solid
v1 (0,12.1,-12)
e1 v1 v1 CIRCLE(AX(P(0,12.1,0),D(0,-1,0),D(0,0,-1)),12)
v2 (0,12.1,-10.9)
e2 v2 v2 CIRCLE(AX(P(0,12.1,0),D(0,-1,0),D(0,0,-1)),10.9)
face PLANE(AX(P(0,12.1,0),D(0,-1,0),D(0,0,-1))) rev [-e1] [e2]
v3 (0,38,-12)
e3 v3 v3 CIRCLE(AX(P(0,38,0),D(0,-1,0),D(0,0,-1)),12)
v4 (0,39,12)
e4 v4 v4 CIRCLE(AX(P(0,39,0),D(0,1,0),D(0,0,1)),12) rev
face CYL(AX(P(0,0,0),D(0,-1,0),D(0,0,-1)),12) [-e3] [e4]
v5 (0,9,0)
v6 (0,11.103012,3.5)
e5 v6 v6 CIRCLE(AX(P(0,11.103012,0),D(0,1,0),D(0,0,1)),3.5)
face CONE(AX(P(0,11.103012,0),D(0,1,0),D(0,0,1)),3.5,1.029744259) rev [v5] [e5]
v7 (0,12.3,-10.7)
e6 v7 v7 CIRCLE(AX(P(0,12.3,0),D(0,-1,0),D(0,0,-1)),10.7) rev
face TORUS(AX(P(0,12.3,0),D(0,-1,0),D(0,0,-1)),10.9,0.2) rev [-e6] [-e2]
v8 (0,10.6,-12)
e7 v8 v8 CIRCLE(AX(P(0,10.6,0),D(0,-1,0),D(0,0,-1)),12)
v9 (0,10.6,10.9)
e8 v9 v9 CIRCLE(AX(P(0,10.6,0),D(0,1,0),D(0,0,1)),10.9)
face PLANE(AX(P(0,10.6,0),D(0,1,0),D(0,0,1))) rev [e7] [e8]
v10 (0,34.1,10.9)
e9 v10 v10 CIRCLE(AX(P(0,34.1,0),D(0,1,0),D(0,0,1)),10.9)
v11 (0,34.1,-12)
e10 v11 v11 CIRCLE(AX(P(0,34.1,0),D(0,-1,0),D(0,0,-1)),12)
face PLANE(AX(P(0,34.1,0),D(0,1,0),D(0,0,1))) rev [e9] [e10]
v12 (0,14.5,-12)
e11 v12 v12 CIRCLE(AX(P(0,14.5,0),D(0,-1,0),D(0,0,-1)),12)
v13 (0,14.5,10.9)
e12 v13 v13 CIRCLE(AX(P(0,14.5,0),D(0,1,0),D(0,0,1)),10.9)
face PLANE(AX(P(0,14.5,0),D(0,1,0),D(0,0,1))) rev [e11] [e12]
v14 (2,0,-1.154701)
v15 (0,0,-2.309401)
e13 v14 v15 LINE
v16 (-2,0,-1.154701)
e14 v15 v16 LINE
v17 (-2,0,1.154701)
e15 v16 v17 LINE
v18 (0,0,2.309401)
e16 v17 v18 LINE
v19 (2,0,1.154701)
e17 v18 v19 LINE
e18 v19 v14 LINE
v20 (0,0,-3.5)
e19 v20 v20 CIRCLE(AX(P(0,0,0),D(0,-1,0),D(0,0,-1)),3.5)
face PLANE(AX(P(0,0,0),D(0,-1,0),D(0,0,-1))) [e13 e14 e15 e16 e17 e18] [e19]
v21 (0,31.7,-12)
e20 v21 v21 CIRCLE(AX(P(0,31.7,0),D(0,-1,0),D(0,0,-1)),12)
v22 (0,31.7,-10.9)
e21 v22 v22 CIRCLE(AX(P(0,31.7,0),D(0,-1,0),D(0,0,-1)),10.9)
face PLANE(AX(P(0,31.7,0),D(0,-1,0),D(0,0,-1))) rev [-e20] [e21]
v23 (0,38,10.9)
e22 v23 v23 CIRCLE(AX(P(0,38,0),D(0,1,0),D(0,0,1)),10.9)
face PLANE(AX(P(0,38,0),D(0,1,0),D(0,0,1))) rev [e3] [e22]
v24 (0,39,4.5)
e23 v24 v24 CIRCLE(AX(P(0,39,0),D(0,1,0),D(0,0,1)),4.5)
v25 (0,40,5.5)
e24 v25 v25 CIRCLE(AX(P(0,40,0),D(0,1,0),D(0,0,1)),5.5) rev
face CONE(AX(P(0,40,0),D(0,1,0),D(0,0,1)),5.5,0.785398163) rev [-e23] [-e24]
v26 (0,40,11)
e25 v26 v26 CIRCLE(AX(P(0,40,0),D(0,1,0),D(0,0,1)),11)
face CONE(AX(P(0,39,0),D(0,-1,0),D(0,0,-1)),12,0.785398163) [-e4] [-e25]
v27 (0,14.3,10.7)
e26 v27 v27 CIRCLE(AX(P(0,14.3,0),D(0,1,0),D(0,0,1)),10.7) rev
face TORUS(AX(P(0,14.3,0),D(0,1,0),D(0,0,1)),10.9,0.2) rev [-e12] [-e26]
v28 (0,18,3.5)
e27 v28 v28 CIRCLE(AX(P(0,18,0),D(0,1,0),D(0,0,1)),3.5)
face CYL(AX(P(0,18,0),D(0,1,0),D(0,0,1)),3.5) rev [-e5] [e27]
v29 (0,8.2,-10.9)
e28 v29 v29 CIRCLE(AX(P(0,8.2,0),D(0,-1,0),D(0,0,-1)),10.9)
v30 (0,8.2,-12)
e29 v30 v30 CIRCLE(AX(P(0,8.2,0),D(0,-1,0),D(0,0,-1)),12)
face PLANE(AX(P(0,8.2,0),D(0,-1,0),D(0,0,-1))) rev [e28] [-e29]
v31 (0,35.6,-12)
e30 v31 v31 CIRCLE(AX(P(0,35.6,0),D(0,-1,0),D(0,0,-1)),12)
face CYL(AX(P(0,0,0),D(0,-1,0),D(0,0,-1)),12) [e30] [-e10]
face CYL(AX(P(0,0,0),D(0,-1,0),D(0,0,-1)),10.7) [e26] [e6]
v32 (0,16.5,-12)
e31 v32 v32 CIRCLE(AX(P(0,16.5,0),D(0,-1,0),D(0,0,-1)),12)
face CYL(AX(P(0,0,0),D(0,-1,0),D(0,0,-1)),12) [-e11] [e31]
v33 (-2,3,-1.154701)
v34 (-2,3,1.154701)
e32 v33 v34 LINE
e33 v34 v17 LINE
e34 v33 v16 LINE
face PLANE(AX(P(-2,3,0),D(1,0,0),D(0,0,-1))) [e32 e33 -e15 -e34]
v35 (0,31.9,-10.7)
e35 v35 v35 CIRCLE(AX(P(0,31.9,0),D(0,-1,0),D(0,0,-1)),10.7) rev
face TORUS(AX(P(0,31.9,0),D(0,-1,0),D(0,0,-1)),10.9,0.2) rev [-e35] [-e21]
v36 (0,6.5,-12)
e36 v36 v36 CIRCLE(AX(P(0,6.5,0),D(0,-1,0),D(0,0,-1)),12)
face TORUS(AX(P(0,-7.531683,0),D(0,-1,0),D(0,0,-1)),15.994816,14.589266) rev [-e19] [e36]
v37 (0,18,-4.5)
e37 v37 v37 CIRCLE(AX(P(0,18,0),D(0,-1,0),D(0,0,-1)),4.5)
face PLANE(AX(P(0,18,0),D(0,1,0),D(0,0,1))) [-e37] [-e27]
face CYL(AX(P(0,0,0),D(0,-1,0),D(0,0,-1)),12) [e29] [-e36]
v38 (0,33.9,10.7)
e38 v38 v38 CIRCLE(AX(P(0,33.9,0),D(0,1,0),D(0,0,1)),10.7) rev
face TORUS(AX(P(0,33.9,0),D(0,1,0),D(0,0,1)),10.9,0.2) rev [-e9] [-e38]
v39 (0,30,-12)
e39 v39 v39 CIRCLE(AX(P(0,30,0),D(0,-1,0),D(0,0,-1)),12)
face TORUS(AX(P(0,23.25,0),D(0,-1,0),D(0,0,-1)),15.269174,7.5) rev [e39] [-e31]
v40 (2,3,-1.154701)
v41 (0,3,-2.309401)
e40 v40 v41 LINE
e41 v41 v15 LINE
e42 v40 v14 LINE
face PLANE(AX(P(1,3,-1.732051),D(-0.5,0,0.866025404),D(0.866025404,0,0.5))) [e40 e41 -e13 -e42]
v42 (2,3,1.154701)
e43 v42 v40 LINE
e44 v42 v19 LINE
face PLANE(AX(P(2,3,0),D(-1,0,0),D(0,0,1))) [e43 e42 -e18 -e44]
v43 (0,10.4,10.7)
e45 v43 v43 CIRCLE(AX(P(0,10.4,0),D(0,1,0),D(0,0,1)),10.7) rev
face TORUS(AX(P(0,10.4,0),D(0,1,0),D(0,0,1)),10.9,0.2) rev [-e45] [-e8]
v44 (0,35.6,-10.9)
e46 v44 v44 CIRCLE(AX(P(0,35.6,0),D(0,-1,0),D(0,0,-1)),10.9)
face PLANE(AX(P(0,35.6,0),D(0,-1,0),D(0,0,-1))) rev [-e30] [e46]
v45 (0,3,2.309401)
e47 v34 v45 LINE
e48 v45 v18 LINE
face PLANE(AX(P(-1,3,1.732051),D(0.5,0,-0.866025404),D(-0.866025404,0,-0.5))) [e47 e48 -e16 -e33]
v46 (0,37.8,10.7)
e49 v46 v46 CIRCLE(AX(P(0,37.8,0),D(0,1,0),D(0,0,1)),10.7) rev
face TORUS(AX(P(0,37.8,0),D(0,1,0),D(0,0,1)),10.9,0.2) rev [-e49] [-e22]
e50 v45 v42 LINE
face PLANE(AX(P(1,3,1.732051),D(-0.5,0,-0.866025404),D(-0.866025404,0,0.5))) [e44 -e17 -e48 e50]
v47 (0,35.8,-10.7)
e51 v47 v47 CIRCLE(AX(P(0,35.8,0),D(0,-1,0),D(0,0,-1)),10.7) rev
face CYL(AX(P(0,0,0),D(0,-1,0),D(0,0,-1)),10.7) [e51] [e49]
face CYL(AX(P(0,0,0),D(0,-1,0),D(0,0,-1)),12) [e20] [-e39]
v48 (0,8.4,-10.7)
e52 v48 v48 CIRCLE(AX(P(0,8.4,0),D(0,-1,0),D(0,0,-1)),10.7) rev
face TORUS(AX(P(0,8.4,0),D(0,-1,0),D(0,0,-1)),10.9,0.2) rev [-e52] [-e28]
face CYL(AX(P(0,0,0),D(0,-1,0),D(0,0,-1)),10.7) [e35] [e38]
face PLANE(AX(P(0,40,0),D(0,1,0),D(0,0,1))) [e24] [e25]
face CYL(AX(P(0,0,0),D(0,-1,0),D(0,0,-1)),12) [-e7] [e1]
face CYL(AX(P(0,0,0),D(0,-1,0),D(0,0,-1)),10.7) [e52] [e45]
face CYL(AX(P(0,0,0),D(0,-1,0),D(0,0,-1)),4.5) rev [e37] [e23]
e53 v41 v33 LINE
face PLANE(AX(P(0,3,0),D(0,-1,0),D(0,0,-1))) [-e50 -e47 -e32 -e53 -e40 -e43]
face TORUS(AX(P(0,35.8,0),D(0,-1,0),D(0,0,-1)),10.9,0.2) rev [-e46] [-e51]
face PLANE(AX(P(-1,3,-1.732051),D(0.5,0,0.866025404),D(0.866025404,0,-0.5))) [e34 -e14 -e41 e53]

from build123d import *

# Parameters (mm, degrees)
SMUSSO1_SIZE                  = 1
FORO_FILETTATO_M8X1_0_1_D     = 7
FORO_FILETTATO_M8X1_0_1_DEPTH = 6.896987833
FORO_FILETTATO_M8X1_0_1_TIP   = 2.103012167
TAGLIO_ESTRUSIONE1_DEPTH      = 3
RACCORDO1_R                   = 0.2


with BuildPart() as part:
    # Schizzo1 → Rivoluzione2 (revolve)
    with BuildSketch(Plane.XY, mode=Mode.PRIVATE) as rivoluzione2_sk:
        with BuildLine():
            Line((-4.5, 40), (-12, 40))
            Line((-12, 40), (-12, 38))
            Line((-12, 38), (-10.7, 38))
            Line((-10.7, 38), (-10.7, 35.6))
            Line((-10.7, 35.6), (-12, 35.6))
            Line((-12, 35.6), (-12, 34.1))
            Line((-12, 34.1), (-10.7, 34.1))
            Line((-10.7, 34.1), (-10.7, 31.7))
            Line((-10.7, 31.7), (-12, 31.7))
            Line((-12, 31.7), (-12, 30))
            ThreePointArc((-12, 30), (-7.769174208, 23.25), (-12, 16.5))
            Line((-12, 16.5), (-12, 14.5))
            Line((-12, 14.5), (-10.7, 14.5))
            Line((-10.7, 14.5), (-10.7, 12.1))
            Line((-10.7, 12.1), (-12, 12.1))
            Line((-12, 12.1), (-12, 10.6))
            Line((-12, 10.6), (-10.7, 10.6))
            Line((-10.7, 10.6), (-10.7, 8.2))
            Line((-10.7, 8.2), (-12, 8.2))
            Line((-12, 8.2), (-12, 6.5))
            ThreePointArc((-12, 6.5), (-7.132565137, 4.057414821), (-3.5, 0))
            Line((-3.5, 0), (0, 0))
            Line((0, 0), (0, 18))
            Line((0, 18), (-4.5, 18))
            Line((-4.5, 18), (-4.5, 40))
        make_face()
    revolve(rivoluzione2_sk.sketch.rotate(Axis((0, 0, 0), (0, 1, 0)), 270), axis=Axis((0, 0, 0), (0, 1, 0)))

    # Smusso1
    smusso1_edges = [part.edges().sort_by_distance(p)[0] for p in [
        (0, 40, 12),
        (0, 40, 4.5),
    ]]
    chamfer(smusso1_edges, length=SMUSSO1_SIZE)

    # Foro filettato M8x1.0-1
    with Locations(Plane(origin=(0, 18, 0), x_dir=(1, 0, 0), z_dir=(0, 1, 0))):
        with Locations((0, 0)):
            Hole(FORO_FILETTATO_M8X1_0_1_D / 2, depth=FORO_FILETTATO_M8X1_0_1_DEPTH)
            with Locations((0, 0, -(FORO_FILETTATO_M8X1_0_1_DEPTH + FORO_FILETTATO_M8X1_0_1_TIP / 2))):  # 118° drill point
                Cone(0, FORO_FILETTATO_M8X1_0_1_D / 2, FORO_FILETTATO_M8X1_0_1_TIP, mode=Mode.SUBTRACT)

    # Schizzo6 → Taglio-Estrusione1 (cut)
    with BuildSketch(Plane.XZ):
        Polygon((0, -2.309401077), (-2, -1.154700538), (-2, 1.154700538), (0, 2.309401077), (2, 1.154700538), (2, -1.154700538), align=None)
    extrude(amount=-TAGLIO_ESTRUSIONE1_DEPTH, mode=Mode.SUBTRACT)

    # Raccordo1
    raccordo1_edges = [part.edges().sort_by_distance(p)[0] for p in [
        (0, 8.2, 10.7),
        (0, 10.6, 10.7),
        (0, 12.1, 10.7),
        (0, 14.5, 10.7),
        (0, 31.7, 10.7),
        (0, 34.1, 10.7),
        (0, 35.6, 10.7),
        (0, 38, 10.7),
    ]]
    fillet(raccordo1_edges, radius=RACCORDO1_R)


solid = part.part
